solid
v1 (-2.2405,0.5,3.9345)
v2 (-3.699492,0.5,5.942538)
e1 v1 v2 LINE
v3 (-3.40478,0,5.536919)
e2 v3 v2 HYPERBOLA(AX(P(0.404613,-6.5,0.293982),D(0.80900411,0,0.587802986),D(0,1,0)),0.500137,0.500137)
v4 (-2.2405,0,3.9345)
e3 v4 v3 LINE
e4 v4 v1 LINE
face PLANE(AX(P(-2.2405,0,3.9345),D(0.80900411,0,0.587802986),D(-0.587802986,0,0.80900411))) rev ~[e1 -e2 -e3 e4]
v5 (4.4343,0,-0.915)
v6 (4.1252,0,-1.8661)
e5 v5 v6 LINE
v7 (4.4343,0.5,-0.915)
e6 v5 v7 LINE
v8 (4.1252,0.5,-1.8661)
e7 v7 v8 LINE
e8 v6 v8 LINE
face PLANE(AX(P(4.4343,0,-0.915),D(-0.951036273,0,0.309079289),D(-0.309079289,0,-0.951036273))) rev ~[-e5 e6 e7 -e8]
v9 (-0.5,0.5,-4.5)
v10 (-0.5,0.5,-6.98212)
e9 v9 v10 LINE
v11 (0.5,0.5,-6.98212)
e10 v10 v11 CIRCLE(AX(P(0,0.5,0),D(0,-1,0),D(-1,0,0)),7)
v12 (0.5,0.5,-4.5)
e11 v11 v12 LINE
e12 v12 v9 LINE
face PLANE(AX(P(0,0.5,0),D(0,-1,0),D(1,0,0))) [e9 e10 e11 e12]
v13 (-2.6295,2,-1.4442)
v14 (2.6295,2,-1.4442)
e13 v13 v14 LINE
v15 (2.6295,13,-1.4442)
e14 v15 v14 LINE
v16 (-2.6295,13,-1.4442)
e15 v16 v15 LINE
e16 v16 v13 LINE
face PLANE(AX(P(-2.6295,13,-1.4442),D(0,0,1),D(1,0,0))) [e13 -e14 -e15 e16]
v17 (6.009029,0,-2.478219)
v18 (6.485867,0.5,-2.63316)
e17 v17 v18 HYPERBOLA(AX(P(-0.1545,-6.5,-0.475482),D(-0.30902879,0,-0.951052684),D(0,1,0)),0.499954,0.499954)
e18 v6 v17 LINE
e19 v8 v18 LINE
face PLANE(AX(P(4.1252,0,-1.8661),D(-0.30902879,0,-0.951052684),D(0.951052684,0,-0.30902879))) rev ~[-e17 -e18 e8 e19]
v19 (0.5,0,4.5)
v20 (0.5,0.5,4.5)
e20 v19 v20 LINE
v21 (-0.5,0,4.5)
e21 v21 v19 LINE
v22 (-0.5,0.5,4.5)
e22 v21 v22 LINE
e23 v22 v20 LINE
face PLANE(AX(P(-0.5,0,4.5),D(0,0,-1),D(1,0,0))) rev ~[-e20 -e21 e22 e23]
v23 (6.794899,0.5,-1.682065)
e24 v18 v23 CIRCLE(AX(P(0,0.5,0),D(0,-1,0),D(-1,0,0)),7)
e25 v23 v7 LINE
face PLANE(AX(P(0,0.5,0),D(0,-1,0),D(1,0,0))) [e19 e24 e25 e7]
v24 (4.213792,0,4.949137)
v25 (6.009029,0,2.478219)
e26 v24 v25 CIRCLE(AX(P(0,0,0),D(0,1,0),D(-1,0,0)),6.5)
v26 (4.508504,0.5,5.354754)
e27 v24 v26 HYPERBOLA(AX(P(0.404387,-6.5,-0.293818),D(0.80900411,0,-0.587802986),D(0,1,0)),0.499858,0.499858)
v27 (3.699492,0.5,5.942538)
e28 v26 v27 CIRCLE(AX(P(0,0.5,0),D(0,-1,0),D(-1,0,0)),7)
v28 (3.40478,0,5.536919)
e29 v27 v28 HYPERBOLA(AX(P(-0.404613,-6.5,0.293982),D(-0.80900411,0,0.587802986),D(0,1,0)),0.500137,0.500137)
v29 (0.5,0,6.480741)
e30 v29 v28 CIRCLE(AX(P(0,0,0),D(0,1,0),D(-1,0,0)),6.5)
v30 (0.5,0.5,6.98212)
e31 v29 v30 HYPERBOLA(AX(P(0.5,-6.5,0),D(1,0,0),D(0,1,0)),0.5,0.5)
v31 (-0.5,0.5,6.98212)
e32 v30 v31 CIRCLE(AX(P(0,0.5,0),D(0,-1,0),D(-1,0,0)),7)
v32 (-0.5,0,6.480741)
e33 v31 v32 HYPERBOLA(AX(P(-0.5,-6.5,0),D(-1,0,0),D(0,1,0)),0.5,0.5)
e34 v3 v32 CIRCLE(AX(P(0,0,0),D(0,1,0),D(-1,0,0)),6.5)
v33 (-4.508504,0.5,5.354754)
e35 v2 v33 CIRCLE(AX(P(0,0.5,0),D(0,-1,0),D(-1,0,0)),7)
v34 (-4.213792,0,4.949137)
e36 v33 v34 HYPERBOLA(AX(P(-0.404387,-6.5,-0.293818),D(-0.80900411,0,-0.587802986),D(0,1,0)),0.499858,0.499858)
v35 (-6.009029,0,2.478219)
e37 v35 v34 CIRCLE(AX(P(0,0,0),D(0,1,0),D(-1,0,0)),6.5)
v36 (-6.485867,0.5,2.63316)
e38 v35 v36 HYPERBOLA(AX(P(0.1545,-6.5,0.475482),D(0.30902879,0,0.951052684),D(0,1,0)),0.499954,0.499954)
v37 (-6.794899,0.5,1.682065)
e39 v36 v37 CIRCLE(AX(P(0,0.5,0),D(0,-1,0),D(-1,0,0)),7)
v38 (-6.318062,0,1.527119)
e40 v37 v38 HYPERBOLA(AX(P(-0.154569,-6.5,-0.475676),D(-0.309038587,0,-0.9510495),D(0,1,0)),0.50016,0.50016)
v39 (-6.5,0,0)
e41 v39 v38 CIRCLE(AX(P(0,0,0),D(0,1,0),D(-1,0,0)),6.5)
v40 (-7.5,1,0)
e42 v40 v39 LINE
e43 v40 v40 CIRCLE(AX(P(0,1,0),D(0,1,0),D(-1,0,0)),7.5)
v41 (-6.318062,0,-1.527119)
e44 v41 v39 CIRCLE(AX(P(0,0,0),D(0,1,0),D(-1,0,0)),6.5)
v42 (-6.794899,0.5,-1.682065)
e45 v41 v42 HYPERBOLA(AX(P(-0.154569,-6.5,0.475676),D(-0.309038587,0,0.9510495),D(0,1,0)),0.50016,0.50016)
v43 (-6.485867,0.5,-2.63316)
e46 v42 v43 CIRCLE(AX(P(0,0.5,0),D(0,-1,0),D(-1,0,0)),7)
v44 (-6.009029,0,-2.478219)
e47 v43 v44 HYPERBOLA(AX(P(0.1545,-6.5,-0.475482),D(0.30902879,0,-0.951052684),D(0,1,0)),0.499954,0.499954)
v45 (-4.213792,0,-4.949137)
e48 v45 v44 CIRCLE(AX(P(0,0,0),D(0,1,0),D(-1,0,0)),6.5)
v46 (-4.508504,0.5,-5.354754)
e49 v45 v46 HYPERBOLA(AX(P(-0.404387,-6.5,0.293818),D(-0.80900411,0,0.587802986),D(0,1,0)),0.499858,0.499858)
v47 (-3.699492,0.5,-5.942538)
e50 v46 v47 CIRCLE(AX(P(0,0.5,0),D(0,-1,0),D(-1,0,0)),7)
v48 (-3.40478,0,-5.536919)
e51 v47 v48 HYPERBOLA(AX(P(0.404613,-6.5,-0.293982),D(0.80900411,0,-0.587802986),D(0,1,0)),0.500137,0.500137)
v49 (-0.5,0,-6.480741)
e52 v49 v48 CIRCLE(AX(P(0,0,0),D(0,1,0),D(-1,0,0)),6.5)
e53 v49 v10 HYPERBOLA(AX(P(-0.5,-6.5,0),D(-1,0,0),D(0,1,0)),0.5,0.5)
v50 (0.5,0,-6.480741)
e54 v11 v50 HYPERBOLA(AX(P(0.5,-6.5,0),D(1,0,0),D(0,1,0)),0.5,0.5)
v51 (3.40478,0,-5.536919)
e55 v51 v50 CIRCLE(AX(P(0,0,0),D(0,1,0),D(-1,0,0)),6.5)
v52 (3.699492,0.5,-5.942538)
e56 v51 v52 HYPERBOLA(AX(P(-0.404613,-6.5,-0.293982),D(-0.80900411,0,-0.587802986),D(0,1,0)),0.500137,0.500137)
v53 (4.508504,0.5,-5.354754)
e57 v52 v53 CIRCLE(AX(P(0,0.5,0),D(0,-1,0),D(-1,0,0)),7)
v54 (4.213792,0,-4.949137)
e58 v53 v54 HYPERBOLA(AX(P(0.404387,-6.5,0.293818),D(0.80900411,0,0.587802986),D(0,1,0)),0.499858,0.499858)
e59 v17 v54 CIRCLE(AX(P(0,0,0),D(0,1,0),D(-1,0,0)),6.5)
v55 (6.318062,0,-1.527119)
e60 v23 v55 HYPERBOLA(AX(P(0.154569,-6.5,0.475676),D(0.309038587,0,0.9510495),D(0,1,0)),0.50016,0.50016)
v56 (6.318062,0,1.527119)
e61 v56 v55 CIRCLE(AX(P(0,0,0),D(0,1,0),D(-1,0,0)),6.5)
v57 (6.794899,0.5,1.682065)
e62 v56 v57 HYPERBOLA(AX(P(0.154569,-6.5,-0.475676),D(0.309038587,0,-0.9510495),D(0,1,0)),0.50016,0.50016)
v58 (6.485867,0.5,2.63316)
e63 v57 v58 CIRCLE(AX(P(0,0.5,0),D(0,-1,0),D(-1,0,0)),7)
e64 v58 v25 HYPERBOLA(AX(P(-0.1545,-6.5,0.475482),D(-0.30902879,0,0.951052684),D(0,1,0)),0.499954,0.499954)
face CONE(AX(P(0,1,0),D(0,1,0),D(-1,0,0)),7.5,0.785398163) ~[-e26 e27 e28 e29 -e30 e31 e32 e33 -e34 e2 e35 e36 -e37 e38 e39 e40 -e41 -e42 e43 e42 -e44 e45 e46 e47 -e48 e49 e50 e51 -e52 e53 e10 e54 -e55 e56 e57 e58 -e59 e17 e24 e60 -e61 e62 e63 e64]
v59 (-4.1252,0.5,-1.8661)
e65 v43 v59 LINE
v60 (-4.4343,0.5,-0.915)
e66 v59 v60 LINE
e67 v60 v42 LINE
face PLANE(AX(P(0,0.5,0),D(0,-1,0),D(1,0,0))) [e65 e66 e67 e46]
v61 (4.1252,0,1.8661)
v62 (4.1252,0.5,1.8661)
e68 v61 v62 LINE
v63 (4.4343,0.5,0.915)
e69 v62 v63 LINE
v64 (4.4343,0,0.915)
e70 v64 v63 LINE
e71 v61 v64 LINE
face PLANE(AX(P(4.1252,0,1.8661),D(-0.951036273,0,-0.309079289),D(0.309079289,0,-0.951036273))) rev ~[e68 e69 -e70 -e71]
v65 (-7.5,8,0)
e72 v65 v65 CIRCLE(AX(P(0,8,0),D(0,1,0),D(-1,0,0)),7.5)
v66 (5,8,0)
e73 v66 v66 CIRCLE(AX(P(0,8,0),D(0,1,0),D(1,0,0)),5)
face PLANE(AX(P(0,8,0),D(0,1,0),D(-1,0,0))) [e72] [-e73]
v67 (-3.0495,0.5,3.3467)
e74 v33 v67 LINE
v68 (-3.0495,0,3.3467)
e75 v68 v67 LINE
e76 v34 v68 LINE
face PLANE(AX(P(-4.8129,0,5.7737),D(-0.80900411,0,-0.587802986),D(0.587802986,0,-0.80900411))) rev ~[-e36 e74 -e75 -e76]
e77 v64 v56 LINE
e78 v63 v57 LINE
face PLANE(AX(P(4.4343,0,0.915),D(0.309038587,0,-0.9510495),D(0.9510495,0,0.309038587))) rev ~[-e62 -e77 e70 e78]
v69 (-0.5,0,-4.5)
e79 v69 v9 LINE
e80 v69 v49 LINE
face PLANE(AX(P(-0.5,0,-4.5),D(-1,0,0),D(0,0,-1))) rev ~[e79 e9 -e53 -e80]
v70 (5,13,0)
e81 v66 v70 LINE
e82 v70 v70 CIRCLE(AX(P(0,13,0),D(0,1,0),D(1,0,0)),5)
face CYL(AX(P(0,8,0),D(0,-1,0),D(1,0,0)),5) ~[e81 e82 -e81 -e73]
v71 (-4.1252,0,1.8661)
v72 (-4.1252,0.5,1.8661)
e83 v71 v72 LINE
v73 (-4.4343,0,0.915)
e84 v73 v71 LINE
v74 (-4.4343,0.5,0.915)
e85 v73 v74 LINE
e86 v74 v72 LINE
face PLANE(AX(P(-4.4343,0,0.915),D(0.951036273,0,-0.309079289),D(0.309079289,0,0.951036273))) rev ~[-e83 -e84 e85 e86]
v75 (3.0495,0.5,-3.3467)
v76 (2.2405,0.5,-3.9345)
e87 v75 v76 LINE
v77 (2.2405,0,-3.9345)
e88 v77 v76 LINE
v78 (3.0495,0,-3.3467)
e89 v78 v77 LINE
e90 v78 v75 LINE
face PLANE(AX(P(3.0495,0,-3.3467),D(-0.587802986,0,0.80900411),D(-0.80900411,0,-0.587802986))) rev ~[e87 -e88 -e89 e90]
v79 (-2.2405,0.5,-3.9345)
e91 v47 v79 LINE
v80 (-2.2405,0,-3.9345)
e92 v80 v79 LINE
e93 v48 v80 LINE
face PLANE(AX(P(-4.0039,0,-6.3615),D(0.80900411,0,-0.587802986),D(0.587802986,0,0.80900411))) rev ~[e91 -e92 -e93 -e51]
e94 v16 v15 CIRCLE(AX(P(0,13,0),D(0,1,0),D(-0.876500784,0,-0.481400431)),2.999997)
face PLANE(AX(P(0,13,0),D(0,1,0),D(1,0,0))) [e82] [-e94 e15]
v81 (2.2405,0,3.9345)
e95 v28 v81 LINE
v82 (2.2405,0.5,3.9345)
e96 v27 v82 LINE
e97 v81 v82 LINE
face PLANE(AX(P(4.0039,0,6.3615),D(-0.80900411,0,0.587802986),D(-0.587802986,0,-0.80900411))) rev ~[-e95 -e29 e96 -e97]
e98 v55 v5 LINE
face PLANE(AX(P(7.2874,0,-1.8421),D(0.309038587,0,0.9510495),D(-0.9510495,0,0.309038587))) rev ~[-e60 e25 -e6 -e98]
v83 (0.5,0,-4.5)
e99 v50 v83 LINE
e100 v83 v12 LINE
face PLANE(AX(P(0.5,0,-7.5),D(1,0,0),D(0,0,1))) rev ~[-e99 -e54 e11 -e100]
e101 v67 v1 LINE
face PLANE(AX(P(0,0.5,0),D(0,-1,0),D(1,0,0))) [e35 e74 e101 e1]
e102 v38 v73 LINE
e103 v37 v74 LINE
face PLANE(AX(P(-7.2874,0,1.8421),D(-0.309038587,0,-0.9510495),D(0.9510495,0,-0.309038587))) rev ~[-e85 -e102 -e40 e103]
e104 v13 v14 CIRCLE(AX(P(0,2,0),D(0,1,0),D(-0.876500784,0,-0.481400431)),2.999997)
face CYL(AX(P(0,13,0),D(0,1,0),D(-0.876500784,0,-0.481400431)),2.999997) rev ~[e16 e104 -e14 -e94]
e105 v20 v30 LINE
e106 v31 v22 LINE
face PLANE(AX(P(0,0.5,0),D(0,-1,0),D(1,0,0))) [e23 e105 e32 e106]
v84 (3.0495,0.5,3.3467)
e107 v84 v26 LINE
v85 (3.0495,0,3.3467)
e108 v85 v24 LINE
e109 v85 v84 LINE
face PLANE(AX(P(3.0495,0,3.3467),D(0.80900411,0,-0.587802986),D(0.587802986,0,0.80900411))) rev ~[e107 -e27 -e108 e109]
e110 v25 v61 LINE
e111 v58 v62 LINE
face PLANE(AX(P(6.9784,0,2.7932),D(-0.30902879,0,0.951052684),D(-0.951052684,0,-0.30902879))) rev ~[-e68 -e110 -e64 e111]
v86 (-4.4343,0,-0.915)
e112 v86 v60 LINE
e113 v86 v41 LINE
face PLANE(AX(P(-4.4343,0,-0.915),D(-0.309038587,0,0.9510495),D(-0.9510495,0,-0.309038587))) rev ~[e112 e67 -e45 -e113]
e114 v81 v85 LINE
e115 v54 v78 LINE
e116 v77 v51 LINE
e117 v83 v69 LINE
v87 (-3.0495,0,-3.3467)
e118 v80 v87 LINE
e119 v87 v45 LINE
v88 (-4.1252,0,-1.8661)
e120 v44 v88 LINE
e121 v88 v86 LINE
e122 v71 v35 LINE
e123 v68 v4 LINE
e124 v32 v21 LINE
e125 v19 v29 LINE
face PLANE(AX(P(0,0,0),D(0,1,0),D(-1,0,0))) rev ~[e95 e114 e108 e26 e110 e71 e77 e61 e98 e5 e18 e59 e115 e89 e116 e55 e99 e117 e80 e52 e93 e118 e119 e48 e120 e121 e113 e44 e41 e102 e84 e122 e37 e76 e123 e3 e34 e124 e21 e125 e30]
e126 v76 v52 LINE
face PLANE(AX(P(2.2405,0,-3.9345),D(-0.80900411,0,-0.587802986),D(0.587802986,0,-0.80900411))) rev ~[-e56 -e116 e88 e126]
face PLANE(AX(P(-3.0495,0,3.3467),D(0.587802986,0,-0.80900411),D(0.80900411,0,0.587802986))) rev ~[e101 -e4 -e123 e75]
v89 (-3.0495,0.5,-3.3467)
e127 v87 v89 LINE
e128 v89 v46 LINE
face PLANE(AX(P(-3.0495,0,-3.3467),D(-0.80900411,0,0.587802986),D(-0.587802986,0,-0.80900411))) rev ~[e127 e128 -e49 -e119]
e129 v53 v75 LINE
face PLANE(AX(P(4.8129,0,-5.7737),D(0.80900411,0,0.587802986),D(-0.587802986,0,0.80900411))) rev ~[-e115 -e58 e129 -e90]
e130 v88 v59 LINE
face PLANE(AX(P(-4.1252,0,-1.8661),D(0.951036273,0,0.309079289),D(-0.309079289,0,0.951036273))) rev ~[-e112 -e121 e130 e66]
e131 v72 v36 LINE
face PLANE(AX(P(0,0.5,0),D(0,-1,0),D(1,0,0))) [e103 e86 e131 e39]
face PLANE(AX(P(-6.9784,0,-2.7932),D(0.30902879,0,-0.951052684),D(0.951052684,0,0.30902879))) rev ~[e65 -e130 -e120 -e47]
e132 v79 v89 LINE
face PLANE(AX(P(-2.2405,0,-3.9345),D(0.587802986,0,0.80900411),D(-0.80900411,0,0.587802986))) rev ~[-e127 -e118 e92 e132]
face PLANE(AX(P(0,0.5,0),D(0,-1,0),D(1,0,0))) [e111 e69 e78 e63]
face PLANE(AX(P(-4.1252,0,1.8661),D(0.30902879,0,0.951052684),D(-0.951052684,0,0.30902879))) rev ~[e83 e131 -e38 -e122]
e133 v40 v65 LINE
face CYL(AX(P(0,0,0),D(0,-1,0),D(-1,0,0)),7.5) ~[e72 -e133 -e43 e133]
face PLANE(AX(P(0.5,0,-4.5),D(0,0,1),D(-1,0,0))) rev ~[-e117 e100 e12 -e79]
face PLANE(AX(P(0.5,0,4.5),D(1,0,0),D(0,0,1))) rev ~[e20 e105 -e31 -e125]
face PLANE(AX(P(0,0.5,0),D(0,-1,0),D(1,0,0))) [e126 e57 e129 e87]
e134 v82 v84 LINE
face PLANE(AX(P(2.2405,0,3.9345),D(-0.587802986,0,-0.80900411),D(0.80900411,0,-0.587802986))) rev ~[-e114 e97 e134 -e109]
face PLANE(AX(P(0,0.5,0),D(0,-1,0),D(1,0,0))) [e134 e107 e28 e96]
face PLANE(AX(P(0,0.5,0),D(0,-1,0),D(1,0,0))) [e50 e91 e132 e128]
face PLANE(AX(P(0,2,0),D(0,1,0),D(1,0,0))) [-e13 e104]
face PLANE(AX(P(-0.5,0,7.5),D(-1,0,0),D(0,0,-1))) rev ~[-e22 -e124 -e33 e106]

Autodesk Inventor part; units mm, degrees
ref_plane "YZ Plane" through (0, 0, 0) normal (1, 0, 0) x (0, 1, 0)
ref_plane "XZ Plane" through (0, 0, 0) normal (0, 1, 0) x (-1, 0, 0)
ref_plane "XY Plane" through (0, 0, 0) normal (0, 0, 1) x (1, 0, 0)
sketch "Sketch1" plane through (0, 0, 0) normal (0, 1, 0) x (-1, 0, 0)
  circle A0 centre (0, 0) radius 7.5
  dimension "d0" = 15
extrude "Extrusion1" add sketch "Sketch1" along normal blind 8
sketch "Sketch2" plane through (0, 8, 0) normal (0, 1, 0) x (1, 0, 0)
  circle A0 centre (0, 0) radius 7.5 projected
  circle A1 centre (0, 0) radius 5
  dimension "d3" = 10
extrude "Extrusion2" add sketch "Sketch2" along normal blind 5 contours A1
sketch "Sketch3" plane through (0, 13, 0) normal (0, 1, 0) x (1, 0, 0)
  circle A0 centre (0, 0) radius 5 projected
  circle A1 centre (0, 0) radius 3 construction
  line L0 (-2.6295, 1.4442) -> (2.6295, 1.4442)
  arc A2 (-2.6295, 1.4442) -> (2.6295, 1.4442) centre (0, 0) ccw
  dimension "d6" = 6
  dimension "d7" = 5.259
extrude "Extrusion3" cut sketch "Sketch3" against normal blind 11 contours L0 A2
chamfer "Chamfer1" distance 1 angle 45 1 edges at (7.5, 0, 0)
sketch "Sketch4" plane through (0, 0, 0) normal (0, -1, 0) x (1, 0, 0)
  circle A0 centre (0, 0) radius 6.5 construction
  line L0 (0, 0) -> (0, 6.5) construction
  line L1 (-0.5, 4.5) -> (0.5, 4.5)
  line L2 (0.5, 4.5) -> (0.5, 7.5)
  line L3 (0.5, 7.5) -> (-0.5, 7.5)
  line L4 (-0.5, 7.5) -> (-0.5, 4.5)
  circle A1 centre (0, 0) radius 7.5 construction
  line L5 (-3.0495, 3.3467) -> (-2.2405, 3.9345)
  line L6 (-2.2405, 3.9345) -> (-4.0039, 6.3615)
  line L7 (-4.0039, 6.3615) -> (-4.8129, 5.7737)
  line L8 (-4.8129, 5.7737) -> (-3.0495, 3.3467)
  line L9 (-4.4343, 0.915) -> (-4.1252, 1.8661)
  line L10 (-4.1252, 1.8661) -> (-6.9784, 2.7932)
  line L11 (-6.9784, 2.7932) -> (-7.2874, 1.8421)
  line L12 (-7.2874, 1.8421) -> (-4.4343, 0.915)
  line L13 (-4.1252, -1.8661) -> (-4.4343, -0.915)
  line L14 (-4.4343, -0.915) -> (-7.2874, -1.8421)
  line L15 (-7.2874, -1.8421) -> (-6.9784, -2.7932)
  line L16 (-6.9784, -2.7932) -> (-4.1252, -1.8661)
  line L17 (-2.2405, -3.9345) -> (-3.0495, -3.3467)
  line L18 (-3.0495, -3.3467) -> (-4.8129, -5.7737)
  line L19 (-4.8129, -5.7737) -> (-4.0039, -6.3615)
  line L20 (-4.0039, -6.3615) -> (-2.2405, -3.9345)
  line L21 (0.5, -4.5) -> (-0.5, -4.5)
  line L22 (-0.5, -4.5) -> (-0.5, -7.5)
  line L23 (-0.5, -7.5) -> (0.5, -7.5)
  line L24 (0.5, -7.5) -> (0.5, -4.5)
  line L25 (3.0495, -3.3467) -> (2.2405, -3.9345)
  line L26 (2.2405, -3.9345) -> (4.0039, -6.3615)
  line L27 (4.0039, -6.3615) -> (4.8129, -5.7737)
  line L28 (4.8129, -5.7737) -> (3.0495, -3.3467)
  line L29 (4.4343, -0.915) -> (4.1252, -1.8661)
  line L30 (4.1252, -1.8661) -> (6.9784, -2.7932)
  line L31 (6.9784, -2.7932) -> (7.2874, -1.8421)
  line L32 (7.2874, -1.8421) -> (4.4343, -0.915)
  line L33 (4.1252, 1.8661) -> (4.4343, 0.915)
  line L34 (4.4343, 0.915) -> (7.2874, 1.8421)
  line L35 (7.2874, 1.8421) -> (6.9784, 2.7932)
  line L36 (6.9784, 2.7932) -> (4.1252, 1.8661)
  line L37 (2.2405, 3.9345) -> (3.0495, 3.3467)
  line L38 (3.0495, 3.3467) -> (4.8129, 5.7737)
  line L39 (4.8129, 5.7737) -> (4.0039, 6.3615)
  line L40 (4.0039, 6.3615) -> (2.2405, 3.9345)
  point P0 (0, 4.5)
  point P1 (-2.645, 3.6406)
  point P2 (-4.2798, 1.3906)
  point P3 (-4.2798, -1.3906)
  point P4 (-2.645, -3.6406)
  point P5 (0, -4.5)
  point P6 (2.645, -3.6406)
  point P7 (4.2798, -1.3906)
  point P8 (4.2798, 1.3906)
  point P9 (2.645, 3.6406)
  dimension "d13" = 1
  dimension "d14" = 3
  dimension "d17" = 360
extrude "Extrusion4" cut sketch "Sketch4" against normal blind 0.5
properties part number "rotary_encoder_cnob" material "ABS Plastic"
